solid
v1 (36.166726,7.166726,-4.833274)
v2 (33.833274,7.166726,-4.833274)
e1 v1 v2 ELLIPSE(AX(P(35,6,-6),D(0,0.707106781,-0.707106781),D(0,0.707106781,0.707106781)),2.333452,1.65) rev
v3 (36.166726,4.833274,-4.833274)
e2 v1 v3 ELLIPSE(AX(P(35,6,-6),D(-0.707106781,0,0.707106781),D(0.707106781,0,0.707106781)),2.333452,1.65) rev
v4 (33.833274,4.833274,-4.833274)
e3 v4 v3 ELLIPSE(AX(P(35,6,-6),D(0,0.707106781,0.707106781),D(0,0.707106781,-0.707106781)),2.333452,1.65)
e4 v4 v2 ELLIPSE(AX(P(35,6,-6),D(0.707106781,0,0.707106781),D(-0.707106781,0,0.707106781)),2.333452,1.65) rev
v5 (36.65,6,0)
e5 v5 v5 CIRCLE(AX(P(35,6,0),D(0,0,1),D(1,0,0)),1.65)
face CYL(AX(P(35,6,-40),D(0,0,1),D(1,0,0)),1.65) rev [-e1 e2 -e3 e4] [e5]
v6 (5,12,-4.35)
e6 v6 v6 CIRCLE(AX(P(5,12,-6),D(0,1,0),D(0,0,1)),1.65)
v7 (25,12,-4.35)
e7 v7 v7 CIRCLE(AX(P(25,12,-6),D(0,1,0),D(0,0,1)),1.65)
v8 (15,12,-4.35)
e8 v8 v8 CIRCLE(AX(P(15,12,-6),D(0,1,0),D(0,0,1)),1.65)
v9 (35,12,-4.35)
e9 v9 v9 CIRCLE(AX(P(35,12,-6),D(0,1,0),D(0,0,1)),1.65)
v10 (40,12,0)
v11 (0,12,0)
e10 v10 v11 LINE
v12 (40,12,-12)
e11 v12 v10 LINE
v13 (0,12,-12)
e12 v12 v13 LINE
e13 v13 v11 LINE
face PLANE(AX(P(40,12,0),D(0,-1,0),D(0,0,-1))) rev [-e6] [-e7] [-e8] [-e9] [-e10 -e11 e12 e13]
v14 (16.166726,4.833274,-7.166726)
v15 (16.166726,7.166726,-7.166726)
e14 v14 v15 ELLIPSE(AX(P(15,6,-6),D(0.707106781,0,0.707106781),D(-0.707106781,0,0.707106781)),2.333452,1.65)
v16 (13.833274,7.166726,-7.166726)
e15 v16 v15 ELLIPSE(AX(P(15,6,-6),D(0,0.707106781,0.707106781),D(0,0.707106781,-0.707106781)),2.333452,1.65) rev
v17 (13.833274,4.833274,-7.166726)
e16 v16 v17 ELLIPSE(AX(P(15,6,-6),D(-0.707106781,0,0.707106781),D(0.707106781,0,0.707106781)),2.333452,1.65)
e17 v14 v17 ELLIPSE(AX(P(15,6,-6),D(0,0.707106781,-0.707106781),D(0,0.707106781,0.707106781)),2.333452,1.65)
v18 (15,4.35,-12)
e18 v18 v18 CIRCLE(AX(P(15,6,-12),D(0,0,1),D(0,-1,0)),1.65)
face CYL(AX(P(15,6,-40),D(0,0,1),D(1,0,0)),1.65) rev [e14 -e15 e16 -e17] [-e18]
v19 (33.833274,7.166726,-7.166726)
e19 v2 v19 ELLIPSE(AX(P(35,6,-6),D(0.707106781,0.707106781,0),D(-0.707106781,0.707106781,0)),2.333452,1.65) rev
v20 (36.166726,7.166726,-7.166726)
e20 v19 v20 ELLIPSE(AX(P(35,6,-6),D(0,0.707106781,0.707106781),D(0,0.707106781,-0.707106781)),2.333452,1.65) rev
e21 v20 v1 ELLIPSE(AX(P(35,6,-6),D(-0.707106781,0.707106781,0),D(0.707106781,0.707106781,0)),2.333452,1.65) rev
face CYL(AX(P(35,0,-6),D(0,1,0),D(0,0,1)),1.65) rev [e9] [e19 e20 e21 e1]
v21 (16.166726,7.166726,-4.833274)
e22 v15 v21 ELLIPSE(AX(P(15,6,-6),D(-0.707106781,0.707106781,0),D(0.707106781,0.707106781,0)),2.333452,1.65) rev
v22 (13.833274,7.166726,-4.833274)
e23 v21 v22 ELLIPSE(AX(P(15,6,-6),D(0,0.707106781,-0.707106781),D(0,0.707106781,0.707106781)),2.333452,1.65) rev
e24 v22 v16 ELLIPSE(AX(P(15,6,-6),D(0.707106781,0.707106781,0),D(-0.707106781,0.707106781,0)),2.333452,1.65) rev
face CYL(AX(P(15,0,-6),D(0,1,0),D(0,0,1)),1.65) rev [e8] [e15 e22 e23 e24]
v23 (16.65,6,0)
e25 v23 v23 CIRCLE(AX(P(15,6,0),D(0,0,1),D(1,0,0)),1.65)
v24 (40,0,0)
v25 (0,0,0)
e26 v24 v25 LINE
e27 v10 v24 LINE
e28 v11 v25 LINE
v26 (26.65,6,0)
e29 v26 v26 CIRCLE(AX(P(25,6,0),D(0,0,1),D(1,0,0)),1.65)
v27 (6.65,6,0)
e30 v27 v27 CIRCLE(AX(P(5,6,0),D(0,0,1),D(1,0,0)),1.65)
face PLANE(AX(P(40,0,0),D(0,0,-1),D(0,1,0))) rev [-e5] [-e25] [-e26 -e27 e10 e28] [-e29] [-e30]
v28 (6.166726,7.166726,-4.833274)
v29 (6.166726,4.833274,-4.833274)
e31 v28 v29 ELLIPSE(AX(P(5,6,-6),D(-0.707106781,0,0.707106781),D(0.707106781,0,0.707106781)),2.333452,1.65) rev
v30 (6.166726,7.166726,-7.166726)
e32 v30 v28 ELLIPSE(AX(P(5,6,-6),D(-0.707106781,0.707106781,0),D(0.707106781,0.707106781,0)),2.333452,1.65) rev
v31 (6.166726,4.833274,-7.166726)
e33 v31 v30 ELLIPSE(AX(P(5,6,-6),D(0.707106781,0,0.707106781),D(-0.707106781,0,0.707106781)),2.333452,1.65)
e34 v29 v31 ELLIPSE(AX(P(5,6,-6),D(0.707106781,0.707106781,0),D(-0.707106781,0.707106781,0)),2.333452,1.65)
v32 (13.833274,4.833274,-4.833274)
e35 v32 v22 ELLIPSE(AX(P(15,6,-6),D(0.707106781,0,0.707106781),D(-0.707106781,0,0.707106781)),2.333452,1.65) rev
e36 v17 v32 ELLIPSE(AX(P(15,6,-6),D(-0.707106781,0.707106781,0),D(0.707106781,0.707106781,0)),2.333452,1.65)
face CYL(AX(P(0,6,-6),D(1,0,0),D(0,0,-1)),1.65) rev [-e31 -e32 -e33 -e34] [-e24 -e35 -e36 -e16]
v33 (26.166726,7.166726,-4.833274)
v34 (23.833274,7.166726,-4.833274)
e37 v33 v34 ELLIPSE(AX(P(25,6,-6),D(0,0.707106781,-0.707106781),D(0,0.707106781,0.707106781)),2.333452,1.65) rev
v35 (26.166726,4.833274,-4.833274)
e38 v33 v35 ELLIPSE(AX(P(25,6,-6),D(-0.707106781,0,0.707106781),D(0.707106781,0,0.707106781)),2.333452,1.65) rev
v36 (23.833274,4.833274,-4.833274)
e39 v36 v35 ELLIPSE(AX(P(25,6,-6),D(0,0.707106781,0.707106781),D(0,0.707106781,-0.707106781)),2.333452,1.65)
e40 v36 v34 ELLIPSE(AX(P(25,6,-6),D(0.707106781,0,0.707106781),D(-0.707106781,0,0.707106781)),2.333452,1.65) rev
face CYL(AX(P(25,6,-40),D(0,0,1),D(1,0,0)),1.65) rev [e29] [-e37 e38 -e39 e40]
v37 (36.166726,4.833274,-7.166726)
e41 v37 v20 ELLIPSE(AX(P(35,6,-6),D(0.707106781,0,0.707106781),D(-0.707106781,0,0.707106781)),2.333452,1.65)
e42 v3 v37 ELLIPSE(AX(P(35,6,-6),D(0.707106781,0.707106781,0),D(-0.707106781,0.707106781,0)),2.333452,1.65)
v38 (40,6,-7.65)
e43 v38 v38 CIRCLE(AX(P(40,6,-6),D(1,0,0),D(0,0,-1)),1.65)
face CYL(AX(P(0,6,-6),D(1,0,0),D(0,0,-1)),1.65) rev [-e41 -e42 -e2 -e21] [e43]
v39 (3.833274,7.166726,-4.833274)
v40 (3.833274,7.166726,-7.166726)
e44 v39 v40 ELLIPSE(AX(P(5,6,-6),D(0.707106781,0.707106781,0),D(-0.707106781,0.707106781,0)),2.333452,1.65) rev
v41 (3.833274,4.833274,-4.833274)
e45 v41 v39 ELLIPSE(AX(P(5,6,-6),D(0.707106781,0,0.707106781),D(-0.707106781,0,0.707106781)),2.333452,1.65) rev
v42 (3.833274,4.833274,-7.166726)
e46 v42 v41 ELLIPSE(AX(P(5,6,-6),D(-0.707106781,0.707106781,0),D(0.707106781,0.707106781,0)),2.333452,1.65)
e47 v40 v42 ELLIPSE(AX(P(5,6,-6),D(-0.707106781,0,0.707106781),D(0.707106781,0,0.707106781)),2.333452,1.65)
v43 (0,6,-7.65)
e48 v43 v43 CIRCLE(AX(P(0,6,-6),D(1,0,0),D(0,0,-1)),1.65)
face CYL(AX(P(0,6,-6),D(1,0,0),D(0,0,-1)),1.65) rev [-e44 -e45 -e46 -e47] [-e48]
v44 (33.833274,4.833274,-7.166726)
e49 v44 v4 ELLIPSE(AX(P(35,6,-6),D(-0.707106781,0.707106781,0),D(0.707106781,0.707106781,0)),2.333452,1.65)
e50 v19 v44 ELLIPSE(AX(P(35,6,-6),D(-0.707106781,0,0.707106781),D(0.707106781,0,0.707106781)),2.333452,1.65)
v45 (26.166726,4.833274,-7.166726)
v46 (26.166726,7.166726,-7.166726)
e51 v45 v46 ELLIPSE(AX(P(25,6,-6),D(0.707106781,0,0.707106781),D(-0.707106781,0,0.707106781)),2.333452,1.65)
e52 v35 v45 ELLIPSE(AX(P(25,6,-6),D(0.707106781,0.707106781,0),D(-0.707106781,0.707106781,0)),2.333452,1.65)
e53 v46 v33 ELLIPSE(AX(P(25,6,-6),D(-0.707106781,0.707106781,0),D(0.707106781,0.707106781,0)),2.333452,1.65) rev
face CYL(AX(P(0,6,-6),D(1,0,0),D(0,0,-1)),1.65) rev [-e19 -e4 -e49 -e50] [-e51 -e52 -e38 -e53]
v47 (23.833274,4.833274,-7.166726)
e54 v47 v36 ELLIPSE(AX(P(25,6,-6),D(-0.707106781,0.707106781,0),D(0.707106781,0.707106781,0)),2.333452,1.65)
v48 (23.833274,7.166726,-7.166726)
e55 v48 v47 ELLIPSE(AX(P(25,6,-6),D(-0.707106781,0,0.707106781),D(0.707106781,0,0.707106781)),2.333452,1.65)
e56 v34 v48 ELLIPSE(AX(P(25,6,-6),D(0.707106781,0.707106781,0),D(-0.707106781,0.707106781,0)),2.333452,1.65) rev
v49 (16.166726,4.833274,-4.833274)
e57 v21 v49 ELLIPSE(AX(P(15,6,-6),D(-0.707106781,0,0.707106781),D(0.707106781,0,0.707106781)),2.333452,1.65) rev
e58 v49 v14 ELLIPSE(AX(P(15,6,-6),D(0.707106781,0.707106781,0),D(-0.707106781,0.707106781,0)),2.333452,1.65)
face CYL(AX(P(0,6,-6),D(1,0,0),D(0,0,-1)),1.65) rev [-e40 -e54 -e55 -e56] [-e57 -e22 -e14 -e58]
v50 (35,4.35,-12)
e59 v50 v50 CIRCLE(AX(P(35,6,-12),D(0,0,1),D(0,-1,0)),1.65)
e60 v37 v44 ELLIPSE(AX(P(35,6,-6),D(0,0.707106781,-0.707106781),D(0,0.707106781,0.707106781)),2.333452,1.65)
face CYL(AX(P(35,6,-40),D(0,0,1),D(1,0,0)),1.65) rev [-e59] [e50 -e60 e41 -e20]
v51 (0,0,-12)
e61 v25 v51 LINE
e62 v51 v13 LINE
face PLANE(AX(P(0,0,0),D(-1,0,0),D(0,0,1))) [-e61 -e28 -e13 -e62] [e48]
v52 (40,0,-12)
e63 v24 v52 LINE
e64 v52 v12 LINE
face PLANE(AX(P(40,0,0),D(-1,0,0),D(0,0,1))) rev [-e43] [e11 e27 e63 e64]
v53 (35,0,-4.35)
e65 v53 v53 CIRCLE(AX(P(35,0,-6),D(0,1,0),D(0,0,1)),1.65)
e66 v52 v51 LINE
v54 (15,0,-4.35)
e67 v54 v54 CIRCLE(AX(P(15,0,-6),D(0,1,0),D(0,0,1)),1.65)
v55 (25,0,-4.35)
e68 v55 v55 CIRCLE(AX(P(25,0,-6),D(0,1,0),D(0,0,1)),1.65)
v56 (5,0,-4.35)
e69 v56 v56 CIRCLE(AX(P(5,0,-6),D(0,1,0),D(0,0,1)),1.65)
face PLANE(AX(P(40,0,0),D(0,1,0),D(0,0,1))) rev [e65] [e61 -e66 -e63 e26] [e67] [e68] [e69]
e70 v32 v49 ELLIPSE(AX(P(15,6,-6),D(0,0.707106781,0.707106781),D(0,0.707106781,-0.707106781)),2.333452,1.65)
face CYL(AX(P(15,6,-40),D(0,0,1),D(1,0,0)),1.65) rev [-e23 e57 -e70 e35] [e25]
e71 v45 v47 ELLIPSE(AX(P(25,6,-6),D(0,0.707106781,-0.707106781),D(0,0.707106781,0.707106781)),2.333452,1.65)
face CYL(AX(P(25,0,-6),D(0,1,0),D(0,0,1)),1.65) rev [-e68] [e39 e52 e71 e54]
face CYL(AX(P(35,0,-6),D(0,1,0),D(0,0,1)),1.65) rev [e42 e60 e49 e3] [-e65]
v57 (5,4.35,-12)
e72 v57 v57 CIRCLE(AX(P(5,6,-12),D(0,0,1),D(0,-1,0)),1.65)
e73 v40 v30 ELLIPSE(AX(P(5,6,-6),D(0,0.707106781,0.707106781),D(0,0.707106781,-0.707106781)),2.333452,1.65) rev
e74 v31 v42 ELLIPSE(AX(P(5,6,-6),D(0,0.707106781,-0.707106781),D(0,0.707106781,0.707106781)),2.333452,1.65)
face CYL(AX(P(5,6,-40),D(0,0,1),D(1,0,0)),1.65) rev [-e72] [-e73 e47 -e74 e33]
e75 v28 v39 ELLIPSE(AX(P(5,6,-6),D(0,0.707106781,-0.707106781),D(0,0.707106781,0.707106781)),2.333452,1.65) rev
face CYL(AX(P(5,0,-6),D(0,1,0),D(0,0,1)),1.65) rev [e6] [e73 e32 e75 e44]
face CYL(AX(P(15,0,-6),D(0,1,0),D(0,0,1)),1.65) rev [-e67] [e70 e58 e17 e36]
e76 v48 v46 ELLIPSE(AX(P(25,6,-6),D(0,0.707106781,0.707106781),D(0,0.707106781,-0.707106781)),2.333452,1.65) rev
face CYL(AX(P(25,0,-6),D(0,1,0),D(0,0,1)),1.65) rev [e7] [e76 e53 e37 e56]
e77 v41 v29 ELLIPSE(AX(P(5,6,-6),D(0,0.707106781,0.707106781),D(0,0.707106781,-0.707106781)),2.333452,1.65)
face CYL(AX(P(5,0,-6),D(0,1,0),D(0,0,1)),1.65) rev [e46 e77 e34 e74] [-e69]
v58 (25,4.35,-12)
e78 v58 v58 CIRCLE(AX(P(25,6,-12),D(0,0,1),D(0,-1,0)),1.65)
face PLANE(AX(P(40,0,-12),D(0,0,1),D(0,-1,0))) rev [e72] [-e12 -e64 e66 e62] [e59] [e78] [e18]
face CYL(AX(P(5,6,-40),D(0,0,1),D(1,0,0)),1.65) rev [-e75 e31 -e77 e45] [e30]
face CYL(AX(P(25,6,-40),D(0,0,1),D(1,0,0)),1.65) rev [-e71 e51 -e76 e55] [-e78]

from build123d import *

# Parameters (mm, degrees)
ESQUISSE1_W             = 12
ESQUISSE1_H             = 12
BOSS_EXTRU_1_DEPTH      = 40
ESQUISSE2_R             = 1.65
ENL_V_MAT_EXTRU_1_DEPTH = 44.451121965
ESQUISSE3_R             = 1.65
ENL_V_MAT_EXTRU_2_DEPTH = 40
ESQUISSE4_R             = 1.65
ENL_V_MAT_EXTRU_3_DEPTH = 40


with BuildPart() as part:
    # Esquisse1 → Boss.-Extru.1 (new body)
    with BuildSketch(Plane(origin=(0, 0, 0), x_dir=(0, 0, -1), z_dir=(1, 0, 0))):
        with Locations((6, 6)):
            Rectangle(ESQUISSE1_W, ESQUISSE1_H)
    extrude(amount=BOSS_EXTRU_1_DEPTH)

    # Esquisse2 → Enlèv. mat.-Extru.1 (cut, through all)
    with BuildSketch(Plane(origin=(0, 12, 0), x_dir=(1, 0, 0), z_dir=(0, 1, 0))):
        with Locations(Location((5, 6, 0), (0, 0, 270))):
            Circle(ESQUISSE2_R)
        with Locations(Location((15, 6, 0), (0, 0, 270))):
            Circle(ESQUISSE2_R)
        with Locations(Location((25, 6, 0), (0, 0, 270))):
            Circle(ESQUISSE2_R)
        with Locations(Location((35, 6, 0), (0, 0, 270))):
            Circle(ESQUISSE2_R)
    extrude(amount=-ENL_V_MAT_EXTRU_1_DEPTH, mode=Mode.SUBTRACT)

    # Esquisse3 → Enlèv. mat.-Extru.2 (cut)
    with BuildSketch(Plane.XY):
        with Locations((5, 6)):
            Circle(ESQUISSE3_R)
        with Locations((15, 6)):
            Circle(ESQUISSE3_R)
        with Locations((25, 6)):
            Circle(ESQUISSE3_R)
        with Locations((35, 6)):
            Circle(ESQUISSE3_R)
    extrude(amount=-ENL_V_MAT_EXTRU_2_DEPTH, mode=Mode.SUBTRACT)

    # Esquisse4 → Enlèv. mat.-Extru.3 (cut)
    with BuildSketch(Plane(origin=(40, 0, 0), x_dir=(0, 0, -1), z_dir=(1, 0, 0))):
        with Locations(Location((6, 6, 0), (0, 0, 45))):
            Circle(ESQUISSE4_R)
    extrude(amount=-ENL_V_MAT_EXTRU_3_DEPTH, mode=Mode.SUBTRACT)


solid = part.part
